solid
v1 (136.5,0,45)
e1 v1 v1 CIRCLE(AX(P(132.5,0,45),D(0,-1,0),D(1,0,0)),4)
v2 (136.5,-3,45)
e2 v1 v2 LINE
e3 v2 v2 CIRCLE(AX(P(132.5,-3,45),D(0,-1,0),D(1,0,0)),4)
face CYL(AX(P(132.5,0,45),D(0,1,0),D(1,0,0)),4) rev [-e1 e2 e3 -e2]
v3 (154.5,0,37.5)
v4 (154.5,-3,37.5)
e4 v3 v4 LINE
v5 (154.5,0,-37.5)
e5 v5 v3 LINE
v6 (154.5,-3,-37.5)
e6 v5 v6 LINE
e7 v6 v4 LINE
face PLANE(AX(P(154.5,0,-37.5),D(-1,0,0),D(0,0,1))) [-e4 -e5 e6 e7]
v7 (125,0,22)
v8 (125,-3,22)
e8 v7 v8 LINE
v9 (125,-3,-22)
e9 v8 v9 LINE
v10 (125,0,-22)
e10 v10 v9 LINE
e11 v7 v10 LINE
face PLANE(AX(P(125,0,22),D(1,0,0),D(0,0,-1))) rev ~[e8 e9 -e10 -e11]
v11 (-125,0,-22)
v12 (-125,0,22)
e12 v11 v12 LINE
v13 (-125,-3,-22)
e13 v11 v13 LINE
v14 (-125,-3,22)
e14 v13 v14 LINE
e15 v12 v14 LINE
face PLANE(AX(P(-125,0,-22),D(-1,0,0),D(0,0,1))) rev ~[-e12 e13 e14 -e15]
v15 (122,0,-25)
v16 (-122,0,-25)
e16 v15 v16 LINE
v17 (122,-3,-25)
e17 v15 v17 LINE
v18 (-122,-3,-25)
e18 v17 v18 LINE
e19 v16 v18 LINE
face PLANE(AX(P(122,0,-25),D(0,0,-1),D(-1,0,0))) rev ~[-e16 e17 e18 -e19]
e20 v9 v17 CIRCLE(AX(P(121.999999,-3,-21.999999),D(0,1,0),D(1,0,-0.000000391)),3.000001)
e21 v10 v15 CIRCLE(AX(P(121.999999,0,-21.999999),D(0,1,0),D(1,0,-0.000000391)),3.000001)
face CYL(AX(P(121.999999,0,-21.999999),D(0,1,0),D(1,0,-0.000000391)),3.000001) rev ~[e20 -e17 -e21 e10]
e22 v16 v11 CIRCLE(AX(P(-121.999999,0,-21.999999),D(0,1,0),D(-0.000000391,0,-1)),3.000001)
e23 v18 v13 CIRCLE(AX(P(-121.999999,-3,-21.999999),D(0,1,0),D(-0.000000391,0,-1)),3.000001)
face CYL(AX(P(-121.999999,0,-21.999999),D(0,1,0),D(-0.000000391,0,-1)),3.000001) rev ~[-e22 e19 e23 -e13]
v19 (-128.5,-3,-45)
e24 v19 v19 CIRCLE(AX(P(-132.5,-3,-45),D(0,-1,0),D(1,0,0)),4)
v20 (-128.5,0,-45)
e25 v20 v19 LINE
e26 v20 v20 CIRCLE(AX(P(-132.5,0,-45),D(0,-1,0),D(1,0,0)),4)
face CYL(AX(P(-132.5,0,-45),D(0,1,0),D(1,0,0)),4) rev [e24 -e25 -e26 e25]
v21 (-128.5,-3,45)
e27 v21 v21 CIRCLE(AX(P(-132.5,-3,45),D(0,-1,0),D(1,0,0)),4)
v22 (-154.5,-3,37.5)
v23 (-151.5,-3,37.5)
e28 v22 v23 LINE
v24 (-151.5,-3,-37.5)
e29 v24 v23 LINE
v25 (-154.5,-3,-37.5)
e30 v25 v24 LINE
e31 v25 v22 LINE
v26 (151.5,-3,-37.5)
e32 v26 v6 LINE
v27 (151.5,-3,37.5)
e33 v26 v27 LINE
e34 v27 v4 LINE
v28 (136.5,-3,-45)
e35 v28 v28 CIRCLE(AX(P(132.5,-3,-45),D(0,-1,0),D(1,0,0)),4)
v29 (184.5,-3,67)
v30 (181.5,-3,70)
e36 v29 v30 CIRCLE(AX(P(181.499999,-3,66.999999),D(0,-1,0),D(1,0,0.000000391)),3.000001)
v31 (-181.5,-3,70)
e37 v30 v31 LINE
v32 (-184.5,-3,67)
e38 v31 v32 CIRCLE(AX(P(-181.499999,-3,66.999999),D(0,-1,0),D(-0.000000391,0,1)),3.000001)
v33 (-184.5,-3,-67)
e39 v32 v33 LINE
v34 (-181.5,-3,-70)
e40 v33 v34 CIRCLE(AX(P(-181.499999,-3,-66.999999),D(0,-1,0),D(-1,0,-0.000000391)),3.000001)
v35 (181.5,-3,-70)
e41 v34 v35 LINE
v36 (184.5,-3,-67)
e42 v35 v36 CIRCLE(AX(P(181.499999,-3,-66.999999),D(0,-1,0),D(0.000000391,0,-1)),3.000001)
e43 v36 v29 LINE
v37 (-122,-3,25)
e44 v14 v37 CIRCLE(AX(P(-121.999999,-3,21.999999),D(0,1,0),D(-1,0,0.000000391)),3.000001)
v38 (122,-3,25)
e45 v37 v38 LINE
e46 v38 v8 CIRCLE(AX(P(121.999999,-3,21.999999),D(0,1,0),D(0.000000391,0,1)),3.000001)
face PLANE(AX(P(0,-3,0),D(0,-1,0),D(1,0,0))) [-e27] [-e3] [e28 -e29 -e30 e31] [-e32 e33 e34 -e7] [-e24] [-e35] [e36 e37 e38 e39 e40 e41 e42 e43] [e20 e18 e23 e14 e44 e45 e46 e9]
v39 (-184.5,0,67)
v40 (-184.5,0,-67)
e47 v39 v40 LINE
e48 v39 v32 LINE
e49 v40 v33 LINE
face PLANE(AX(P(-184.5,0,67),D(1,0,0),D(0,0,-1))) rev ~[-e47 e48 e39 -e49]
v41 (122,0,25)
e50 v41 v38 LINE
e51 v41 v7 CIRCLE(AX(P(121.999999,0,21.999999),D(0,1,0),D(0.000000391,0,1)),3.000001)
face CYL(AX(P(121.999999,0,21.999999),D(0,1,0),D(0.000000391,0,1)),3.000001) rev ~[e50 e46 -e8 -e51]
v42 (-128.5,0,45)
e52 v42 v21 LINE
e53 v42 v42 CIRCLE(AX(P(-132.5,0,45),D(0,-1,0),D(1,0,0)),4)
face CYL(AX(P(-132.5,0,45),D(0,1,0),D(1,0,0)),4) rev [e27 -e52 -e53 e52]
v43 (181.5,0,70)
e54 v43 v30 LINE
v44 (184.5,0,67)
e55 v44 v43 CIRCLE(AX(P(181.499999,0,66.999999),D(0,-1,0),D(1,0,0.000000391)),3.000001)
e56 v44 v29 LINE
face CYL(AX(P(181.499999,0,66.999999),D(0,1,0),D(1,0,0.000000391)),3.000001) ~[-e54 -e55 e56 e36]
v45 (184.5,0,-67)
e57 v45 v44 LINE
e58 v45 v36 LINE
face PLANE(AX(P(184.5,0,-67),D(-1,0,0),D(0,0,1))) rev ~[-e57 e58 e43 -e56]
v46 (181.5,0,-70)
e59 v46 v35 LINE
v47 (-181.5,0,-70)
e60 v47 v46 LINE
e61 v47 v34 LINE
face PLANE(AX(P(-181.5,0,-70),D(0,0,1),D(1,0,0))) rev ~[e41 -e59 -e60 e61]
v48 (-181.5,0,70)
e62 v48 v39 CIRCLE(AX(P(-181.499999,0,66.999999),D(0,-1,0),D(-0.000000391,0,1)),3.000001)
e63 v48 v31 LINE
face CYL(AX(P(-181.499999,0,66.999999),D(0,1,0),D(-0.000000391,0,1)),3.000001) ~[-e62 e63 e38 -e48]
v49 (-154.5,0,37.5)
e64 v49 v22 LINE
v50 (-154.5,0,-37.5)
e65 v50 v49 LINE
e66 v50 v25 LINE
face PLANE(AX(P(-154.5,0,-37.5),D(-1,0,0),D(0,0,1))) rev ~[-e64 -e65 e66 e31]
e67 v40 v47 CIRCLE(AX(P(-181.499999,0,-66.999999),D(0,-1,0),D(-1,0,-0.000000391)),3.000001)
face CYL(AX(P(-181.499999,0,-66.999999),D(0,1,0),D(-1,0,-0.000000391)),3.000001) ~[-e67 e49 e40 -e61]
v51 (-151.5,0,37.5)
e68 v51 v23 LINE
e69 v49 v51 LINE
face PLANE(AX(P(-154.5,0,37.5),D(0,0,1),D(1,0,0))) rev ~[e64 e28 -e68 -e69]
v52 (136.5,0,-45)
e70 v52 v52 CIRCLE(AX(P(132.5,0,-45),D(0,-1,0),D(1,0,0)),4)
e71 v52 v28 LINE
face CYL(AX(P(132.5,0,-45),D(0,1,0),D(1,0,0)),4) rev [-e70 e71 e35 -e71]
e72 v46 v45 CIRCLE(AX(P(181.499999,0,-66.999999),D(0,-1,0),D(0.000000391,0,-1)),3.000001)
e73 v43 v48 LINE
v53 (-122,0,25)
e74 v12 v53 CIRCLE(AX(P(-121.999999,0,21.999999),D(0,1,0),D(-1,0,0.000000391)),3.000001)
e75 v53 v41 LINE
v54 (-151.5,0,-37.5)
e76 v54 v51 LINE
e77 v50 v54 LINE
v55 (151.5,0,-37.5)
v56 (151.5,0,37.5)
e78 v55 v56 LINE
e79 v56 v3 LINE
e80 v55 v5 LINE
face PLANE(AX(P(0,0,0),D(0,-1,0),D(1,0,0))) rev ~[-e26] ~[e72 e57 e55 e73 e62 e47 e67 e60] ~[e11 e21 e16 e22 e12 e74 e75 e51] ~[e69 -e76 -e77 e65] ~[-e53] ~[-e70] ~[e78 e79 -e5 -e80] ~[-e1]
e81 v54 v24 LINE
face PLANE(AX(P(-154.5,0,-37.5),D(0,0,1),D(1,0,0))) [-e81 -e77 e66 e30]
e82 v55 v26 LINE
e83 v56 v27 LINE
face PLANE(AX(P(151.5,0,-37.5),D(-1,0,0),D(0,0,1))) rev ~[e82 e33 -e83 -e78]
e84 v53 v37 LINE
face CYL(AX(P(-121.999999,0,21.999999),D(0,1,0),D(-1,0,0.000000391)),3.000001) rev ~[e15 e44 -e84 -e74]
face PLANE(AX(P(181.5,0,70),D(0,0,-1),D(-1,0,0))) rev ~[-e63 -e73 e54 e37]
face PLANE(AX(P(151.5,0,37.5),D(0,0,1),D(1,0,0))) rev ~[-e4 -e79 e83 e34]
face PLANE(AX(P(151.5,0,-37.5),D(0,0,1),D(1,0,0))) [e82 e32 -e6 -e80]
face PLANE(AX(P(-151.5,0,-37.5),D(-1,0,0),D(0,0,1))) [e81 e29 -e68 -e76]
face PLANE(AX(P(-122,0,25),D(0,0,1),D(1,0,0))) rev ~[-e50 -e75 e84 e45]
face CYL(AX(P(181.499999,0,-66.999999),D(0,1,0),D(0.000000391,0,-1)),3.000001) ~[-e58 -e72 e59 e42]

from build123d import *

# Parameters (mm, degrees)
F0_R     = 4
F0_W     = 3
F0_H     = 75
F1_DEPTH = 3


with BuildPart() as f1:
    # F0 (on Front) → F1 (new body)
    with BuildSketch(Plane.XZ):
        with BuildLine():
            Line((-181.5, -70), (181.5, -70))
            ThreePointArc((181.5, -70), (183.62132, -69.12132), (184.5, -67))
            Line((184.5, -67), (184.5, 67))
            ThreePointArc((184.5, 67), (183.62132, 69.12132), (181.5, 70))
            Line((181.5, 70), (-181.5, 70))
            ThreePointArc((-181.5, 70), (-183.62132, 69.12132), (-184.5, 67))
            Line((-184.5, 67), (-184.5, -67))
            ThreePointArc((-184.5, -67), (-183.62132, -69.12132), (-181.5, -70))
        make_face()
        with Locations((-132.5, -45)):
            Circle(F0_R, mode=Mode.SUBTRACT)
        with Locations((132.5, -45)):
            Circle(F0_R, mode=Mode.SUBTRACT)
        with Locations((-153, 0)):
            Rectangle(F0_W, F0_H, mode=Mode.SUBTRACT)
        with Locations((-132.5, 45)):
            Circle(F0_R, mode=Mode.SUBTRACT)
        with BuildLine():
            ThreePointArc((125, -22), (124.12132, -24.12132), (122, -25))
            Line((122, -25), (-122, -25))
            ThreePointArc((-122, -25), (-124.12132, -24.12132), (-125, -22))
            Line((-125, -22), (-125, 22))
            ThreePointArc((-125, 22), (-124.12132, 24.12132), (-122, 25))
            Line((-122, 25), (122, 25))
            ThreePointArc((122, 25), (124.12132, 24.12132), (125, 22))
            Line((125, 22), (125, -22))
        make_face(mode=Mode.SUBTRACT)
        with Locations((153, 0)):
            Rectangle(F0_W, F0_H, mode=Mode.SUBTRACT)
        with Locations((132.5, 45)):
            Circle(F0_R, mode=Mode.SUBTRACT)
    extrude(amount=F1_DEPTH)


solid = f1.part
